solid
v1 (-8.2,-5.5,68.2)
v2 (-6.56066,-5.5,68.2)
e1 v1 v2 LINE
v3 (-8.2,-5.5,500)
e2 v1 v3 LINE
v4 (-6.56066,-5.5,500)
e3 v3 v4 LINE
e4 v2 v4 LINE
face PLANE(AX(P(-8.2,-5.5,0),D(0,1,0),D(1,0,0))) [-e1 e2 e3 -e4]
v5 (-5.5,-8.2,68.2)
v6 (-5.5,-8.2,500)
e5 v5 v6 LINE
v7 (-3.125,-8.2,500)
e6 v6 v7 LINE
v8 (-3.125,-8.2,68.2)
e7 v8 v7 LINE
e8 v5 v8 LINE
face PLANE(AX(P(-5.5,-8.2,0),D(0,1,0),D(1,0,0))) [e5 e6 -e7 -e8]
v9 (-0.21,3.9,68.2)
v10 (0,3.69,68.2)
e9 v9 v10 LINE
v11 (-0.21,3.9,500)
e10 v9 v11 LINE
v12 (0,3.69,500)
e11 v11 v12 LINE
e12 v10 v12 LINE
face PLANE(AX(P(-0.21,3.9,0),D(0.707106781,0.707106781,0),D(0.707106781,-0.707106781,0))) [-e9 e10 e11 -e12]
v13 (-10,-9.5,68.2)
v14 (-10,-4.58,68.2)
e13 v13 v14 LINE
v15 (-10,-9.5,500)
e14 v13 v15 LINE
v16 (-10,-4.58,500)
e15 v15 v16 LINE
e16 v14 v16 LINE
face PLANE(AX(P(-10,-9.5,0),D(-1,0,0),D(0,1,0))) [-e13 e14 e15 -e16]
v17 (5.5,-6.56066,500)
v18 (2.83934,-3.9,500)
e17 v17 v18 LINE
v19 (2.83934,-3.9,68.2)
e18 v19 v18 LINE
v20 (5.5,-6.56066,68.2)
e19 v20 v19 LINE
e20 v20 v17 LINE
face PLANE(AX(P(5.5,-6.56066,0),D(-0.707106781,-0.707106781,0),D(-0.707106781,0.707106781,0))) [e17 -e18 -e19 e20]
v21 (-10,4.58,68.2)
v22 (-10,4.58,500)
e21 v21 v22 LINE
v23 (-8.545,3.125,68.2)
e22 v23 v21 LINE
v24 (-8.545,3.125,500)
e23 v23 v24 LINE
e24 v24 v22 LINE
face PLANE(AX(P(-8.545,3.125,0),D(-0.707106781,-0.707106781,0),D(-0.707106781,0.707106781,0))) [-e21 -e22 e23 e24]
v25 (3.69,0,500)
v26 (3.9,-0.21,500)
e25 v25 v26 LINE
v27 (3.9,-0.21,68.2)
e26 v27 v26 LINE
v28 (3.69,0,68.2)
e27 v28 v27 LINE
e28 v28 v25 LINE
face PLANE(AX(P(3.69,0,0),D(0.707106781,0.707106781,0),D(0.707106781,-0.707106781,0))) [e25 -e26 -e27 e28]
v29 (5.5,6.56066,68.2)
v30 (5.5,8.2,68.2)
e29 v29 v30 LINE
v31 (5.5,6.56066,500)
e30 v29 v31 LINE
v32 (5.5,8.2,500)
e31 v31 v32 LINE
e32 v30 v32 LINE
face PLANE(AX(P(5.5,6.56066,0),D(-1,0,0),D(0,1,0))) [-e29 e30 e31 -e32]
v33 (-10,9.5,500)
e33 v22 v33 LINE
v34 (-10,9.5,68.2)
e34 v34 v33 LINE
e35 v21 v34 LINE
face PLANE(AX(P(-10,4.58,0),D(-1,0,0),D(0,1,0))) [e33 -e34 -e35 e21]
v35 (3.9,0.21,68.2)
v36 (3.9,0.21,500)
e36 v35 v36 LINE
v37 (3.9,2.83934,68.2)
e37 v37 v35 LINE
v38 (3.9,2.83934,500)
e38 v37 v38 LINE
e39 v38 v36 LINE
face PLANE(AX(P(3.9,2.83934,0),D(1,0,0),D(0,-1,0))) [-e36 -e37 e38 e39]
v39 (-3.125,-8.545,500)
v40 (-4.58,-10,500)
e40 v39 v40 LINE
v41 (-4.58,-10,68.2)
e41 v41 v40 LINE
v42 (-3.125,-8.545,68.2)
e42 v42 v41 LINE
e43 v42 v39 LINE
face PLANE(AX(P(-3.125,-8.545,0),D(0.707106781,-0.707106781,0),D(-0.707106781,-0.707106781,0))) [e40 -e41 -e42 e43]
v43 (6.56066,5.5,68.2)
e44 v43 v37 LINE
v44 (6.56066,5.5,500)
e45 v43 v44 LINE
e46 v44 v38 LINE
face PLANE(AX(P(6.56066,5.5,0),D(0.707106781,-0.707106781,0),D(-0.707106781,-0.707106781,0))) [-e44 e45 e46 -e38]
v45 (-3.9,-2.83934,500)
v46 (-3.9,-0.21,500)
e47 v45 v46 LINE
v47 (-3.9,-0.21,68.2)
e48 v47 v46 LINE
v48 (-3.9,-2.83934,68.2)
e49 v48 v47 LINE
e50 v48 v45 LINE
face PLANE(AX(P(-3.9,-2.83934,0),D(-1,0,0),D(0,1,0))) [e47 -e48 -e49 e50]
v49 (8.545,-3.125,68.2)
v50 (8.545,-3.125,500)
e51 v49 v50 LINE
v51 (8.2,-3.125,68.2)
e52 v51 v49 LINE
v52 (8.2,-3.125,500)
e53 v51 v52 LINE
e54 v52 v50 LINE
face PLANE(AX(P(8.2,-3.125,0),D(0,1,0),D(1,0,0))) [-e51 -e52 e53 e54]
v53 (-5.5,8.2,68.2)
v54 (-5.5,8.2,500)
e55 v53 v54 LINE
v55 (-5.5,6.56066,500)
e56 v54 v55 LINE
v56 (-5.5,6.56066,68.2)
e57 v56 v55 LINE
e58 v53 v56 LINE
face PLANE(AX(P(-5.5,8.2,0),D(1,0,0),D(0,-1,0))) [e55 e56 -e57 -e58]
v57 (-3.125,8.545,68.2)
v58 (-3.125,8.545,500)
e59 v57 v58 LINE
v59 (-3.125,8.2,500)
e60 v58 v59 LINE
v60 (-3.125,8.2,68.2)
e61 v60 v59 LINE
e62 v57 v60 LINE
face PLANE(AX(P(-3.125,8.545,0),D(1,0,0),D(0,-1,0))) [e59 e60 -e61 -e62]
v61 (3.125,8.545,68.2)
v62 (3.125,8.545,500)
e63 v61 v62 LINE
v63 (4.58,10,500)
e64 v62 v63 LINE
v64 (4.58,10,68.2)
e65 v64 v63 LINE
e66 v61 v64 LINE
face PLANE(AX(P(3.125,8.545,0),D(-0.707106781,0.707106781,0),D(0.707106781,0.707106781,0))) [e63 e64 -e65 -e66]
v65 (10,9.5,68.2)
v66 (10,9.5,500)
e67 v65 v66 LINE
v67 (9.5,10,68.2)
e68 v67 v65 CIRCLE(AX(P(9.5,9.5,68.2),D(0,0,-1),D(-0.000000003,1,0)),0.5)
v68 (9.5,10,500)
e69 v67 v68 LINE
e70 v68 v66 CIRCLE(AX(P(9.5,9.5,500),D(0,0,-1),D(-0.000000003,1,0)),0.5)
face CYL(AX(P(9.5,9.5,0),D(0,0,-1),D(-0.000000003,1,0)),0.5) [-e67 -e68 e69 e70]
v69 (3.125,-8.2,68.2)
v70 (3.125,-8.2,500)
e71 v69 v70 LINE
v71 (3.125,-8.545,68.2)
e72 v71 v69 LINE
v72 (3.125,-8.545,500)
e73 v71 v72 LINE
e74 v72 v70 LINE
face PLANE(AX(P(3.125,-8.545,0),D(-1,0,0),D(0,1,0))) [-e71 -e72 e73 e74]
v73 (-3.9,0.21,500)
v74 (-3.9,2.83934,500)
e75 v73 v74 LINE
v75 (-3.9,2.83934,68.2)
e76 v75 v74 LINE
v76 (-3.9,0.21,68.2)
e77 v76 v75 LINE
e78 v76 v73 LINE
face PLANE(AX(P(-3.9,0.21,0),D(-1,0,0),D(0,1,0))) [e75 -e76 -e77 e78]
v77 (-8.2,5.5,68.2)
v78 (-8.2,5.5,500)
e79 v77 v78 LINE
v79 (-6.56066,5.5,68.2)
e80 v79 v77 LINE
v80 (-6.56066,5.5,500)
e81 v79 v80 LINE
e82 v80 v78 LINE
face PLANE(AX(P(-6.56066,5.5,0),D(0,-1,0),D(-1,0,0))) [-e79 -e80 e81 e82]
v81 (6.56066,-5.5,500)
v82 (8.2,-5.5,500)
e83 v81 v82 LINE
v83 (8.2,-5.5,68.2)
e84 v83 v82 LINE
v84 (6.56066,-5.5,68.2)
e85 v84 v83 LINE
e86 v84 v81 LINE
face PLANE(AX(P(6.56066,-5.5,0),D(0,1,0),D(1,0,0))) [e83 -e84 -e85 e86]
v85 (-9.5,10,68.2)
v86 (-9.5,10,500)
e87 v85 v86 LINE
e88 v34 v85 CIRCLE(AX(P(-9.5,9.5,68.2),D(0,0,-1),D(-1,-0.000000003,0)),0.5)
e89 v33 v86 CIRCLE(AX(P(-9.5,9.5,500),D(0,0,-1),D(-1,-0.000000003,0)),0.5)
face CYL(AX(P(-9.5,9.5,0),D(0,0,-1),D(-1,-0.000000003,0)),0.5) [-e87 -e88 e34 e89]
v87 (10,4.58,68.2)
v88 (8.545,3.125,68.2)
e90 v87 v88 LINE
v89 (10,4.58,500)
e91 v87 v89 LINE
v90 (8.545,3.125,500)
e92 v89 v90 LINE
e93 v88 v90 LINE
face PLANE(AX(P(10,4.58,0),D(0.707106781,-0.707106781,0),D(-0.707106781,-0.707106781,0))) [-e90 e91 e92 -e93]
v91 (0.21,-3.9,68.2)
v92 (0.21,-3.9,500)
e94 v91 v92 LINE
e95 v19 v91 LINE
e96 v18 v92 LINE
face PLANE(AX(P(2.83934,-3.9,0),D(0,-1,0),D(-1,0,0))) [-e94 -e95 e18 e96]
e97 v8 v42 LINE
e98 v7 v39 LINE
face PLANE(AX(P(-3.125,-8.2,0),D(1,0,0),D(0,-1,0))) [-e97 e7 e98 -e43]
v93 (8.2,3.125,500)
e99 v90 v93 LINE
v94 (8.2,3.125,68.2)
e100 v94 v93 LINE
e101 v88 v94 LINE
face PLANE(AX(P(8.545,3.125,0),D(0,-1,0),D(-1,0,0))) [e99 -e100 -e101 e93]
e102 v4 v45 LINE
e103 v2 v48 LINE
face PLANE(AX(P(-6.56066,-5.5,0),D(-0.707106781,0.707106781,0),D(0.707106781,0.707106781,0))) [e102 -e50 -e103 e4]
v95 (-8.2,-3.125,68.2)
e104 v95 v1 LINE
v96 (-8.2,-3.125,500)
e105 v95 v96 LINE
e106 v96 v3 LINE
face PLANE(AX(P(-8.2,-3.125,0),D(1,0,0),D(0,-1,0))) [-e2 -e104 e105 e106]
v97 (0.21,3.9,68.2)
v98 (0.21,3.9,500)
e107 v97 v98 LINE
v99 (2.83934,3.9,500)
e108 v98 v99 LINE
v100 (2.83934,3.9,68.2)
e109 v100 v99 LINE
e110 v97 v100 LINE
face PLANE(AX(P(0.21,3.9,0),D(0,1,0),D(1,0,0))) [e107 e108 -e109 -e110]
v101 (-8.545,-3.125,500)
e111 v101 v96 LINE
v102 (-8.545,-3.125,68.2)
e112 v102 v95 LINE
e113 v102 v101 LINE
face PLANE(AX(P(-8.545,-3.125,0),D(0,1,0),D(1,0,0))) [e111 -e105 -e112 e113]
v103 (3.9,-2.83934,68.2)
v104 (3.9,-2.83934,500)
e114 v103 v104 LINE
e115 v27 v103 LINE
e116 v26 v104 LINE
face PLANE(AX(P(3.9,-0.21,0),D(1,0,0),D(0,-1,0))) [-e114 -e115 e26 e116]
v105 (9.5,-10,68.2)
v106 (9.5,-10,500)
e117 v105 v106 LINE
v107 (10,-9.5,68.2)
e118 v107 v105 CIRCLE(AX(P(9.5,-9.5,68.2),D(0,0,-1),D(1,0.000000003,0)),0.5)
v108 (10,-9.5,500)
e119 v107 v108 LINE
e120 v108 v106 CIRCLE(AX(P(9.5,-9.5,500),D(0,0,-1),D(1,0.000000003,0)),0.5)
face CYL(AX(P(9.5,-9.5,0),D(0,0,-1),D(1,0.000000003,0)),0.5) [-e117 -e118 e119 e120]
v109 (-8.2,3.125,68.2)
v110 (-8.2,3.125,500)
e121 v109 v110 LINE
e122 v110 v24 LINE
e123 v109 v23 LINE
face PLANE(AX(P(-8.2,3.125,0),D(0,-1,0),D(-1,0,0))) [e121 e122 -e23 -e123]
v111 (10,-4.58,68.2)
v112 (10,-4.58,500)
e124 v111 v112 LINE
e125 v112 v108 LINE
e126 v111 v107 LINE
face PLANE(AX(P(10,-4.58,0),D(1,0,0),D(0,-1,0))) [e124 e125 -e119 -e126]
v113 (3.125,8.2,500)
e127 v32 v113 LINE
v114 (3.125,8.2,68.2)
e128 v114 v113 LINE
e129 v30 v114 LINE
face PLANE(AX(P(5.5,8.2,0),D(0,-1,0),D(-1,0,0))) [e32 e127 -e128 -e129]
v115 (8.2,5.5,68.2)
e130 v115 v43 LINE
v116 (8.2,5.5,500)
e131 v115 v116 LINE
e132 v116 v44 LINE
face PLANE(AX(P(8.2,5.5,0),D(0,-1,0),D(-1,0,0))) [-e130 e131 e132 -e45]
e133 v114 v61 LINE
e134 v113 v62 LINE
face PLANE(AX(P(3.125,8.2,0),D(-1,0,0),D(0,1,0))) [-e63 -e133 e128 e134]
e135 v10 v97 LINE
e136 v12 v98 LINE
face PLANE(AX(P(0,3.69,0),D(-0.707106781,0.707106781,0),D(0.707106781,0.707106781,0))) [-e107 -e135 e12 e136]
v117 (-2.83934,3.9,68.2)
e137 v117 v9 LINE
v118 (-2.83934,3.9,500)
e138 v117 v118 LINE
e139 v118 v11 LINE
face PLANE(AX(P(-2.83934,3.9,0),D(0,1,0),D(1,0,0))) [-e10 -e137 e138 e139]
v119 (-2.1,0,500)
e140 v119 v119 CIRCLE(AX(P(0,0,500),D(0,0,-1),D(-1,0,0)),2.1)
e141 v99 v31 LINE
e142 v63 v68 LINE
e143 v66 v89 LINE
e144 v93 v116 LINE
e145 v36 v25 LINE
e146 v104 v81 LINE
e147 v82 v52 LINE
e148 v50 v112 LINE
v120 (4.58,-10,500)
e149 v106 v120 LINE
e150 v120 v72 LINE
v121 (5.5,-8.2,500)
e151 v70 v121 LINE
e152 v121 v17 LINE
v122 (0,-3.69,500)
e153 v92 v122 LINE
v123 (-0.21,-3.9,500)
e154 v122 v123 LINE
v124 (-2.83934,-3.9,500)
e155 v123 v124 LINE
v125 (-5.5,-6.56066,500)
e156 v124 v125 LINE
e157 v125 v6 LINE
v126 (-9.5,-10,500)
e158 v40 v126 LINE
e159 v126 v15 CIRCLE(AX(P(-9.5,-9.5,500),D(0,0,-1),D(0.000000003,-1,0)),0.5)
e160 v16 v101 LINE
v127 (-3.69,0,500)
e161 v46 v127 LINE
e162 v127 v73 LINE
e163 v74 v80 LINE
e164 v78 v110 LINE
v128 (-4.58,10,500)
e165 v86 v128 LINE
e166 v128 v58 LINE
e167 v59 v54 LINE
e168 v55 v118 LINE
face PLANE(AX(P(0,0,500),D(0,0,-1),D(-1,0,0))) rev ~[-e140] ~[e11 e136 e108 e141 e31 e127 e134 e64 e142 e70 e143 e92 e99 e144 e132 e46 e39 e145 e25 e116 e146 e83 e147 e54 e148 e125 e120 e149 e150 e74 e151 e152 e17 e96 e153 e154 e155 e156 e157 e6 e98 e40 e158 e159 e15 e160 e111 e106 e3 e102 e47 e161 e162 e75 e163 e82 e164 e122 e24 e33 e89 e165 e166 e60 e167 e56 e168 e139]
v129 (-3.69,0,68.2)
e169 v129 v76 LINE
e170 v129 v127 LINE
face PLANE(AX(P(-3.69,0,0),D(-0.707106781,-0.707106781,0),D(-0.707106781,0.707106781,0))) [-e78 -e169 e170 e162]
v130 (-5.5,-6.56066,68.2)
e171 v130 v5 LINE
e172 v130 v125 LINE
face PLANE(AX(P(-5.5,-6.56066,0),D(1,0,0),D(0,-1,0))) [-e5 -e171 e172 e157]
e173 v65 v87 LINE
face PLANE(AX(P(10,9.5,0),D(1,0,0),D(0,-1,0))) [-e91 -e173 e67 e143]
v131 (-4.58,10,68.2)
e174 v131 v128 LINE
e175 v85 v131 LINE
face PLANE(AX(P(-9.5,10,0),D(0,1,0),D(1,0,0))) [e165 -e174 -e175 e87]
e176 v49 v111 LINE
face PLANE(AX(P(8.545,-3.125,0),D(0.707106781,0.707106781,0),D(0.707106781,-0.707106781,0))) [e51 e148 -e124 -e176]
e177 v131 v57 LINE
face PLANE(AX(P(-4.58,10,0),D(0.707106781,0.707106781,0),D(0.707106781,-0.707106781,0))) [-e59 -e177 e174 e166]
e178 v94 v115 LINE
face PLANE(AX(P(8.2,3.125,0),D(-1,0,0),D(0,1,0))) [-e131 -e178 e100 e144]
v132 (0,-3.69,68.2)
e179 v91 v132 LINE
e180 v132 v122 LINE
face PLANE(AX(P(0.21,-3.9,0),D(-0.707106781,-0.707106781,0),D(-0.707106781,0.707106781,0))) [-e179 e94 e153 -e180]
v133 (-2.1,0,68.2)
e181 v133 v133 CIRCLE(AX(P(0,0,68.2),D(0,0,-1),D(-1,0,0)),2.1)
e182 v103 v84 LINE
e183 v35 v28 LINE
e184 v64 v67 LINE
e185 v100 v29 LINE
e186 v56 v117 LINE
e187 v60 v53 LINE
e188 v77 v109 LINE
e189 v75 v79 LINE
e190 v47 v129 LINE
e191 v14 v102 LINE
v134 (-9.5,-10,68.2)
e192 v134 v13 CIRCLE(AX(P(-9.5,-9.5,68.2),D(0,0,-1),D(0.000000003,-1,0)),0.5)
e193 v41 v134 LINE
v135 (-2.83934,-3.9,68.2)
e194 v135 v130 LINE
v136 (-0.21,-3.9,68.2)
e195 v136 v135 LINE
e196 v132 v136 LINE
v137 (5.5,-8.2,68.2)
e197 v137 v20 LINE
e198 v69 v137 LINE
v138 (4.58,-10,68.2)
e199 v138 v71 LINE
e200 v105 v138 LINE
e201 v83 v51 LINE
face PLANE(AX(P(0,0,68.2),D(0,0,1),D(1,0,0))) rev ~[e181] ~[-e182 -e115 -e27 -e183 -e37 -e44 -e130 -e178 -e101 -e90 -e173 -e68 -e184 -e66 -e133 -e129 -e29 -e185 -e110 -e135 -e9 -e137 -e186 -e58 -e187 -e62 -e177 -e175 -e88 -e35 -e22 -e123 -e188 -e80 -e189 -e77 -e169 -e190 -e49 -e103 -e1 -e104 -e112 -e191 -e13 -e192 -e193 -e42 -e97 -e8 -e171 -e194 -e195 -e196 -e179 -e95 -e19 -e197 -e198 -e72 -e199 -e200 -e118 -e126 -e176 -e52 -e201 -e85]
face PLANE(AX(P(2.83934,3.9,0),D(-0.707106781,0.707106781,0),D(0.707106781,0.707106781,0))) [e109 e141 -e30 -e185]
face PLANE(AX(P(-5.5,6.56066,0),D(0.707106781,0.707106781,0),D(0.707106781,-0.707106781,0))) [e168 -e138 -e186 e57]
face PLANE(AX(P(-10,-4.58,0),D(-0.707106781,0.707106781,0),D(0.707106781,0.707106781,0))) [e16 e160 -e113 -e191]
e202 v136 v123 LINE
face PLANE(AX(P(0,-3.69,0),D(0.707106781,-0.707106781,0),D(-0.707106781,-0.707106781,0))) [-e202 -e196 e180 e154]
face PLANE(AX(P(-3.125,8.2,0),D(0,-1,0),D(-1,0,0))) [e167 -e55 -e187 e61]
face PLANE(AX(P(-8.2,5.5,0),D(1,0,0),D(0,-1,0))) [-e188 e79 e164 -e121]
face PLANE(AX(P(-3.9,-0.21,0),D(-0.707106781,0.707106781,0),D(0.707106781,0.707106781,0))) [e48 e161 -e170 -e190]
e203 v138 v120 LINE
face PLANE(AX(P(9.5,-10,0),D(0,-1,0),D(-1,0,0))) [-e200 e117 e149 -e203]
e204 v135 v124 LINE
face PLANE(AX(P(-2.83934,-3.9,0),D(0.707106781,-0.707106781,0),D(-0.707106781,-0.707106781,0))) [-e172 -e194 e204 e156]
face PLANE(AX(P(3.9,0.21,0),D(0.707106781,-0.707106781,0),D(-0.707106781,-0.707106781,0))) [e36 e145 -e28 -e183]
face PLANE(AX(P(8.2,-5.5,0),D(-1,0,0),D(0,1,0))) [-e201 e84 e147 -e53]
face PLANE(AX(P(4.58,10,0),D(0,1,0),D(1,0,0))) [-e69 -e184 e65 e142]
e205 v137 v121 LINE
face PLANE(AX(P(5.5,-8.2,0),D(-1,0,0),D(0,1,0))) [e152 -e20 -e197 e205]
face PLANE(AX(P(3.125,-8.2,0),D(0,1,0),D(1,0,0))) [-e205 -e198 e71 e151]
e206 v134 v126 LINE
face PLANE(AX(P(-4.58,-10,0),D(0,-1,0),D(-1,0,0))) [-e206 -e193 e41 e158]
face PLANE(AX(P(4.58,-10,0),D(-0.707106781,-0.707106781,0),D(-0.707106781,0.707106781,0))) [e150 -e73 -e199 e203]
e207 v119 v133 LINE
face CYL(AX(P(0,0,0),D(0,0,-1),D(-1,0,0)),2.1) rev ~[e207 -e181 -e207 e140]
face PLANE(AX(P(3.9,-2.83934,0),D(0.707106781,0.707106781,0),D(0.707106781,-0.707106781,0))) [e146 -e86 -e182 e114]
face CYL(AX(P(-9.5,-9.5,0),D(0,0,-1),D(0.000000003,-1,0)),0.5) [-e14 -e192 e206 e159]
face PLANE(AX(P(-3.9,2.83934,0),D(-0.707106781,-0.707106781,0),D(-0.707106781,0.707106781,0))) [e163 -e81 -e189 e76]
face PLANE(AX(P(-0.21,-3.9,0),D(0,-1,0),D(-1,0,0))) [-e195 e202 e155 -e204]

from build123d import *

# Parameters (mm, degrees)
SKETCH1_R                 = 2.1
BOSS_EXTRUDE1_DEPTH       = 500
M5X0_8_TAPPED_HOLE1_D     = 4.2
M5X0_8_TAPPED_HOLE1_DEPTH = 13.97
M5X0_8_TAPPED_HOLE1_TIP   = 1.2618073
M5X0_8_TAPPED_HOLE2_D     = 4.2
M5X0_8_TAPPED_HOLE2_DEPTH = 13.97
M5X0_8_TAPPED_HOLE2_TIP   = 1.2618073


with BuildPart() as part:
    # Sketch1 → Boss-Extrude1 (new body)
    with BuildSketch(Plane(origin=(0, 0, 0), x_dir=(-1, 0, 0), z_dir=(0, 0, -1))):
        with BuildLine():
            Line((-3.9, -0.21), (-3.9, -2.839339828))
            Line((-3.9, -2.839339828), (-6.560660172, -5.5))
            Line((-6.560660172, -5.5), (-8.2, -5.5))
            Line((-8.2, -5.5), (-8.2, -3.125))
            Line((-8.2, -3.125), (-8.545, -3.125))
            Line((-8.545, -3.125), (-10, -4.58))
            Line((-10, -4.58), (-10, -9.5))
            ThreePointArc((-10, -9.5), (-9.853553391, -9.853553391), (-9.5, -10))
            Line((-9.5, -10), (-4.58, -10))
            Line((-4.58, -10), (-3.125, -8.545))
            Line((-3.125, -8.545), (-3.125, -8.2))
            Line((-3.125, -8.2), (-5.5, -8.2))
            Line((-5.5, -8.2), (-5.5, -6.560660172))
            Line((-5.5, -6.560660172), (-2.839339828, -3.9))
            Line((-2.839339828, -3.9), (-0.21, -3.9))
            Line((-0.21, -3.9), (0, -3.69))
            Line((0, -3.69), (0.21, -3.9))
            Line((0.21, -3.9), (2.839339828, -3.9))
            Line((2.839339828, -3.9), (5.5, -6.560660172))
            Line((5.5, -6.560660172), (5.5, -8.2))
            Line((5.5, -8.2), (3.125, -8.2))
            Line((3.125, -8.2), (3.125, -8.545))
            Line((3.125, -8.545), (4.58, -10))
            Line((4.58, -10), (9.5, -10))
            ThreePointArc((9.5, -10), (9.853553391, -9.853553391), (10, -9.5))
            Line((10, -9.5), (10, -4.58))
            Line((10, -4.58), (8.545, -3.125))
            Line((8.545, -3.125), (8.2, -3.125))
            Line((8.2, -3.125), (8.2, -5.5))
            Line((8.2, -5.5), (6.560660172, -5.5))
            Line((6.560660172, -5.5), (3.9, -2.839339828))
            Line((3.9, -2.839339828), (3.9, -0.21))
            Line((3.9, -0.21), (3.69, 0))
            Line((3.69, 0), (3.9, 0.21))
            Line((3.9, 0.21), (3.9, 2.839339828))
            Line((3.9, 2.839339828), (6.560660172, 5.5))
            Line((6.560660172, 5.5), (8.2, 5.5))
            Line((8.2, 5.5), (8.2, 3.125))
            Line((8.2, 3.125), (8.545, 3.125))
            Line((8.545, 3.125), (10, 4.58))
            Line((10, 4.58), (10, 9.5))
            ThreePointArc((10, 9.5), (9.853553391, 9.853553391), (9.5, 10))
            Line((9.5, 10), (4.58, 10))
            Line((4.58, 10), (3.125, 8.545))
            Line((3.125, 8.545), (3.125, 8.2))
            Line((3.125, 8.2), (5.5, 8.2))
            Line((5.5, 8.2), (5.5, 6.560660172))
            Line((5.5, 6.560660172), (2.839339828, 3.9))
            Line((2.839339828, 3.9), (0.21, 3.9))
            Line((0.21, 3.9), (0, 3.69))
            Line((0, 3.69), (-0.21, 3.9))
            Line((-0.21, 3.9), (-2.839339828, 3.9))
            Line((-2.839339828, 3.9), (-5.5, 6.560660172))
            Line((-5.5, 6.560660172), (-5.5, 8.2))
            Line((-5.5, 8.2), (-3.125, 8.2))
            Line((-3.125, 8.2), (-3.125, 8.545))
            Line((-3.125, 8.545), (-4.58, 10))
            Line((-4.58, 10), (-9.5, 10))
            ThreePointArc((-9.5, 10), (-9.853553391, 9.853553391), (-10, 9.5))
            Line((-10, 9.5), (-10, 4.58))
            Line((-10, 4.58), (-8.545, 3.125))
            Line((-8.545, 3.125), (-8.2, 3.125))
            Line((-8.2, 3.125), (-8.2, 5.5))
            Line((-8.2, 5.5), (-6.560660172, 5.5))
            Line((-6.560660172, 5.5), (-3.9, 2.839339828))
            Line((-3.9, 2.839339828), (-3.9, 0.21))
            Line((-3.9, 0.21), (-3.69, 0))
            Line((-3.69, 0), (-3.9, -0.21))
        make_face()
        Circle(SKETCH1_R, mode=Mode.SUBTRACT)
    extrude(amount=-BOSS_EXTRUDE1_DEPTH)

    # Split1
    split(bisect_by=Plane.XY.offset(68.2), keep=Keep.TOP)

    # M5x0.8 Tapped Hole1
    with Locations(Plane.XY.offset(500)):
        with Locations((0, 0)):
            Hole(M5X0_8_TAPPED_HOLE1_D / 2, depth=M5X0_8_TAPPED_HOLE1_DEPTH)
            with Locations((0, 0, -(M5X0_8_TAPPED_HOLE1_DEPTH + M5X0_8_TAPPED_HOLE1_TIP / 2))):  # 118° drill point
                Cone(0, M5X0_8_TAPPED_HOLE1_D / 2, M5X0_8_TAPPED_HOLE1_TIP, mode=Mode.SUBTRACT)

    # M5x0.8 Tapped Hole2
    with Locations(Plane(origin=(0, 0, 68.2), x_dir=(-1, 0, 0), z_dir=(0, 0, -1))):
        with Locations((0, 0)):
            Hole(M5X0_8_TAPPED_HOLE2_D / 2, depth=M5X0_8_TAPPED_HOLE2_DEPTH)
            with Locations((0, 0, -(M5X0_8_TAPPED_HOLE2_DEPTH + M5X0_8_TAPPED_HOLE2_TIP / 2))):  # 118° drill point
                Cone(0, M5X0_8_TAPPED_HOLE2_D / 2, M5X0_8_TAPPED_HOLE2_TIP, mode=Mode.SUBTRACT)


solid = part.part
